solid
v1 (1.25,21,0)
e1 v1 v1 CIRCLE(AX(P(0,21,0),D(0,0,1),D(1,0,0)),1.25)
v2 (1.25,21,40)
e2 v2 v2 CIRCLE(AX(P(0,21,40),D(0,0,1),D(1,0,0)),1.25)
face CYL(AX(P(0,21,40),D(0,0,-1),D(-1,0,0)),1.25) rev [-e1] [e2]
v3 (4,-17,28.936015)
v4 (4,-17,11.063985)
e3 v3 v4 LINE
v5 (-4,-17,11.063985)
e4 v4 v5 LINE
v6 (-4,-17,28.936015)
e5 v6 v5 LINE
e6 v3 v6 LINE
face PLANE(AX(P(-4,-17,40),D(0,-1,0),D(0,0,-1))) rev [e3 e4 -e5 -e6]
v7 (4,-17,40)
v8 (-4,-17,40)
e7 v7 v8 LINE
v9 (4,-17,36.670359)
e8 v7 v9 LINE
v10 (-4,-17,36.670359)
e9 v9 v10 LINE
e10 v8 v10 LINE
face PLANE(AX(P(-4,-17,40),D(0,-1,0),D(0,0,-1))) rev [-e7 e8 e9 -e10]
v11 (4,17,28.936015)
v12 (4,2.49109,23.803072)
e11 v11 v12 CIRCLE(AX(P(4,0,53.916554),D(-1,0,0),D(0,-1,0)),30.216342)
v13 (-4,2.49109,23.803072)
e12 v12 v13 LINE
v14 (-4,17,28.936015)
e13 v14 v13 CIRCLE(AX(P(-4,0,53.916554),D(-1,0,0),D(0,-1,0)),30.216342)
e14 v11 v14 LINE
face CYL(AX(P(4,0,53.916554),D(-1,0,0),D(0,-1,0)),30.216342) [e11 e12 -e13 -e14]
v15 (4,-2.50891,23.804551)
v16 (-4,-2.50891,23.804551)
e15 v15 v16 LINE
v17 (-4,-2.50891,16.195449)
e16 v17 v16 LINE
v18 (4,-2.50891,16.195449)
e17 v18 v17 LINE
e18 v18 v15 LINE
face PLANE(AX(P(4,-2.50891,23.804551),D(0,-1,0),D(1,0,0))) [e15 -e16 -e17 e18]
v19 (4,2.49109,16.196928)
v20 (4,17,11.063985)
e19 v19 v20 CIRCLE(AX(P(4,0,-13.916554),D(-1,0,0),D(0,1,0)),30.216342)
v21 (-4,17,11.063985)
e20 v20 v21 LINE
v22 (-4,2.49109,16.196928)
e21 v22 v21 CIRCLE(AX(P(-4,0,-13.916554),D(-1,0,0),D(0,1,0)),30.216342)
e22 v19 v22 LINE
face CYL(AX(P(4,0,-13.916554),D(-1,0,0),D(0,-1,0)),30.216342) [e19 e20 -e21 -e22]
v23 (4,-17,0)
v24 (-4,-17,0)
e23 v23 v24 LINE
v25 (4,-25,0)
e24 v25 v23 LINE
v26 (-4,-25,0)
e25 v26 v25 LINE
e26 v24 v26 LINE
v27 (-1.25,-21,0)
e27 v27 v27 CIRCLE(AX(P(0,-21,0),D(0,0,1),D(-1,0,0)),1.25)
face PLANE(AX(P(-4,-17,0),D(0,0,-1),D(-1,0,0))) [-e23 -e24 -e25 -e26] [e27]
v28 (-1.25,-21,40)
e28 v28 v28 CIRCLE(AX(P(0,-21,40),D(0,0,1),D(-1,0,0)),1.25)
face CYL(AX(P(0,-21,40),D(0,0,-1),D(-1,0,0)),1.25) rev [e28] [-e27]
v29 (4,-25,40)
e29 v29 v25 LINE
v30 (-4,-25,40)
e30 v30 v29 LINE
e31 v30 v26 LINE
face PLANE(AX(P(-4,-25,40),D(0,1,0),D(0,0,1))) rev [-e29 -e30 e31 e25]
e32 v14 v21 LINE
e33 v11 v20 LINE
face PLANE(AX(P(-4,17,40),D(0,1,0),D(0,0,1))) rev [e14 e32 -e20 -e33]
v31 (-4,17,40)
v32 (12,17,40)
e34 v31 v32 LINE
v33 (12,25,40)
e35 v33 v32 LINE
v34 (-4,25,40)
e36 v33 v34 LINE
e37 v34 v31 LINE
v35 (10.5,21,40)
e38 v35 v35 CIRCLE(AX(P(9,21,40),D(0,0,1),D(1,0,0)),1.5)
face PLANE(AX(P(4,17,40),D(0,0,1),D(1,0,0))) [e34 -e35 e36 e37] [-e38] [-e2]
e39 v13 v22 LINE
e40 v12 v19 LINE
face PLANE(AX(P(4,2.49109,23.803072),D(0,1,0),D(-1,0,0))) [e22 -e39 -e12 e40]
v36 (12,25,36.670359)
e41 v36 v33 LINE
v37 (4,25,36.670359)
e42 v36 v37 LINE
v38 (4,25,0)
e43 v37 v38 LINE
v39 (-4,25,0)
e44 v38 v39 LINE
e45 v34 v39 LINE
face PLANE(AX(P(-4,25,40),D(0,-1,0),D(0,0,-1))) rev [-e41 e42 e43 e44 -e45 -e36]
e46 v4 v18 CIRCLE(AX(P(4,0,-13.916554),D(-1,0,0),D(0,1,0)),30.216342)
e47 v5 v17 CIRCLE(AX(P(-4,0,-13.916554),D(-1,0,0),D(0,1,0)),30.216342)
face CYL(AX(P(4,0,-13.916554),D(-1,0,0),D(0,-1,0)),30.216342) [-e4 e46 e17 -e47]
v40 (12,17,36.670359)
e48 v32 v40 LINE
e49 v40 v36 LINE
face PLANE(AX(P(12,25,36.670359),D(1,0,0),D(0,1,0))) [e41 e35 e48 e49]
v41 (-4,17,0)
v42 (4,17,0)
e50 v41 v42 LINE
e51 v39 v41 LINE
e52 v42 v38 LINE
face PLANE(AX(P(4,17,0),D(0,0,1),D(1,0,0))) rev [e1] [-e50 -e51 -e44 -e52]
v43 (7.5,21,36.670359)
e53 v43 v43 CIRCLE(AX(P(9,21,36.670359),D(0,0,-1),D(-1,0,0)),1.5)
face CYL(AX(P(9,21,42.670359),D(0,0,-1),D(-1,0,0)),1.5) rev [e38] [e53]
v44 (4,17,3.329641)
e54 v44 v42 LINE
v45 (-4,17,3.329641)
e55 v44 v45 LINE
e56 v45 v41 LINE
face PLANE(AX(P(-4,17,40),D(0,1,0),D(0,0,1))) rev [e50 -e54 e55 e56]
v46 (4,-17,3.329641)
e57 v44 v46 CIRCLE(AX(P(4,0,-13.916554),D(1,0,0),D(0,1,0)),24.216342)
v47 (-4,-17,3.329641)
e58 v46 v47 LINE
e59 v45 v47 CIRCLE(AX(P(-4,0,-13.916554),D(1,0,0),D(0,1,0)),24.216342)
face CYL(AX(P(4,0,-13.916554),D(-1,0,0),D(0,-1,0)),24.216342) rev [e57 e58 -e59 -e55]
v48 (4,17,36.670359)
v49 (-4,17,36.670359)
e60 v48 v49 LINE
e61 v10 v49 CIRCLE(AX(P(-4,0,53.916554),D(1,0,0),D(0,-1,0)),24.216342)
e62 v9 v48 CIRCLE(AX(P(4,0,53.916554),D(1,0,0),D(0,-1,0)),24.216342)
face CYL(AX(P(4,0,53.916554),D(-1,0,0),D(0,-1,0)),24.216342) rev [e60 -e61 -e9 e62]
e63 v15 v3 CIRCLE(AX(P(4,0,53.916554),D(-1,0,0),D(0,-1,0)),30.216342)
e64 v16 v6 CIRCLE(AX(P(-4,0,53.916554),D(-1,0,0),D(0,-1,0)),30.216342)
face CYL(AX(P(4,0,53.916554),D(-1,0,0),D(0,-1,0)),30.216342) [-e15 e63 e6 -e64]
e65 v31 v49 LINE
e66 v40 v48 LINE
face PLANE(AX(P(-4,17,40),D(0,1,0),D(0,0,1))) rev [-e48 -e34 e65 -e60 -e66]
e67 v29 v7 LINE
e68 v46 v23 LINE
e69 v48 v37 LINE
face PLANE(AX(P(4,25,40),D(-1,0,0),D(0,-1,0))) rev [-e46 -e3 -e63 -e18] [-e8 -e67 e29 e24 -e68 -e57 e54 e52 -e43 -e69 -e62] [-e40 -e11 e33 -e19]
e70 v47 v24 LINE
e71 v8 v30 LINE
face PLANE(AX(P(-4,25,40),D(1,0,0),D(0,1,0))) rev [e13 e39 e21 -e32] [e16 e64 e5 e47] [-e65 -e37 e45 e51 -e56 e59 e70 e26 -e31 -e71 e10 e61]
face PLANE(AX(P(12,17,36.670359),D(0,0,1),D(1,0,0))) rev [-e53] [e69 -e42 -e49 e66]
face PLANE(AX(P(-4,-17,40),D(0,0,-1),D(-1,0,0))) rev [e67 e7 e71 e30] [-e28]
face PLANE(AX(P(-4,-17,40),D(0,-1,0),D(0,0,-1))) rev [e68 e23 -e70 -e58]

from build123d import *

# Parameters (mm, degrees)
SKETCH1_W             = 8
SKETCH1_H             = 8
SKETCH1_R             = 1.25
BOSS_EXTRUDE1_DEPTH   = 40
BOSS_EXTRUDE1_2_DEPTH = 40
BOSS_EXTRUDE2_DEPTH   = 8
SKETCH3_W             = 3.329640508
SKETCH3_H             = 8
BOSS_EXTRUDE3_DEPTH   = 8
SKETCH4_R             = 1.5
CUT_EXTRUDE1_DEPTH    = 6


with BuildPart() as part:
    # Sketch1 → Boss-Extrude1 (new body)
    with BuildSketch(Plane.XY):
        with Locations((0, 21)):
            Rectangle(SKETCH1_W, SKETCH1_H)
        with Locations((0, 21)):
            Circle(SKETCH1_R, mode=Mode.SUBTRACT)
    extrude(amount=BOSS_EXTRUDE1_DEPTH)



with BuildPart() as body_2:
    # Sketch1 → Boss-Extrude1 2 (new body)
    with BuildSketch(Plane.XY):
        with Locations((0, -21)):
            Rectangle(SKETCH1_W, SKETCH1_H)
        with Locations(Location((0, -21, 0), (0, 0, 180))):
            Circle(SKETCH1_R, mode=Mode.SUBTRACT)
    extrude(amount=BOSS_EXTRUDE1_2_DEPTH)


with BuildPart() as part_1:
    add(part.part)

    add(body_2.part)  # Boss-Extrude2 merges body 2
    # Sketch2 → Boss-Extrude2 (add)
    with BuildSketch(Plane.ZY.offset(4)):
        with BuildLine():
            Line((3.329640508, 17), (11.063985021, 17))
            ThreePointArc((11.063985021, 17), (14.56966913, 10.077818269), (16.196928044, 2.491089763))
            Line((16.196928044, 2.491089763), (23.803071956, 2.491089763))
            ThreePointArc((23.803071956, 2.491089763), (25.43033087, 10.077818269), (28.936014979, 17))
            Line((28.936014979, 17), (36.670359492, 17))
            ThreePointArc((36.670359492, 17), (29.700211914, 0), (36.670359492, -17))
            Line((36.670359492, -17), (28.936014979, -17))
            ThreePointArc((28.936014979, -17), (25.433314102, -10.086246784), (23.804551435, -2.508910237))
            Line((23.804551435, -2.508910237), (16.195448565, -2.508910237))
            ThreePointArc((16.195448565, -2.508910237), (14.566685898, -10.086246784), (11.063985021, -17))
            Line((11.063985021, -17), (3.329640508, -17))
            ThreePointArc((3.329640508, -17), (10.299788086, 0), (3.329640508, 17))
        make_face()
    extrude(amount=-BOSS_EXTRUDE2_DEPTH)

    # Sketch3 → Boss-Extrude3 (add)
    with BuildSketch(Plane(origin=(4, 0, 0), x_dir=(0, 0, -1), z_dir=(1, 0, 0))):
        with Locations((-38.335179746, 21)):
            Rectangle(SKETCH3_W, SKETCH3_H)
    extrude(amount=BOSS_EXTRUDE3_DEPTH)

    # Sketch4 → Cut-Extrude1 (cut)
    with BuildSketch(Plane(origin=(0, 0, 36.670359492), x_dir=(-1, 0, 0), z_dir=(0, 0, -1))):
        with Locations((-9, 21)):
            Circle(SKETCH4_R)
    extrude(amount=-CUT_EXTRUDE1_DEPTH, mode=Mode.SUBTRACT)


solid = part_1.part
